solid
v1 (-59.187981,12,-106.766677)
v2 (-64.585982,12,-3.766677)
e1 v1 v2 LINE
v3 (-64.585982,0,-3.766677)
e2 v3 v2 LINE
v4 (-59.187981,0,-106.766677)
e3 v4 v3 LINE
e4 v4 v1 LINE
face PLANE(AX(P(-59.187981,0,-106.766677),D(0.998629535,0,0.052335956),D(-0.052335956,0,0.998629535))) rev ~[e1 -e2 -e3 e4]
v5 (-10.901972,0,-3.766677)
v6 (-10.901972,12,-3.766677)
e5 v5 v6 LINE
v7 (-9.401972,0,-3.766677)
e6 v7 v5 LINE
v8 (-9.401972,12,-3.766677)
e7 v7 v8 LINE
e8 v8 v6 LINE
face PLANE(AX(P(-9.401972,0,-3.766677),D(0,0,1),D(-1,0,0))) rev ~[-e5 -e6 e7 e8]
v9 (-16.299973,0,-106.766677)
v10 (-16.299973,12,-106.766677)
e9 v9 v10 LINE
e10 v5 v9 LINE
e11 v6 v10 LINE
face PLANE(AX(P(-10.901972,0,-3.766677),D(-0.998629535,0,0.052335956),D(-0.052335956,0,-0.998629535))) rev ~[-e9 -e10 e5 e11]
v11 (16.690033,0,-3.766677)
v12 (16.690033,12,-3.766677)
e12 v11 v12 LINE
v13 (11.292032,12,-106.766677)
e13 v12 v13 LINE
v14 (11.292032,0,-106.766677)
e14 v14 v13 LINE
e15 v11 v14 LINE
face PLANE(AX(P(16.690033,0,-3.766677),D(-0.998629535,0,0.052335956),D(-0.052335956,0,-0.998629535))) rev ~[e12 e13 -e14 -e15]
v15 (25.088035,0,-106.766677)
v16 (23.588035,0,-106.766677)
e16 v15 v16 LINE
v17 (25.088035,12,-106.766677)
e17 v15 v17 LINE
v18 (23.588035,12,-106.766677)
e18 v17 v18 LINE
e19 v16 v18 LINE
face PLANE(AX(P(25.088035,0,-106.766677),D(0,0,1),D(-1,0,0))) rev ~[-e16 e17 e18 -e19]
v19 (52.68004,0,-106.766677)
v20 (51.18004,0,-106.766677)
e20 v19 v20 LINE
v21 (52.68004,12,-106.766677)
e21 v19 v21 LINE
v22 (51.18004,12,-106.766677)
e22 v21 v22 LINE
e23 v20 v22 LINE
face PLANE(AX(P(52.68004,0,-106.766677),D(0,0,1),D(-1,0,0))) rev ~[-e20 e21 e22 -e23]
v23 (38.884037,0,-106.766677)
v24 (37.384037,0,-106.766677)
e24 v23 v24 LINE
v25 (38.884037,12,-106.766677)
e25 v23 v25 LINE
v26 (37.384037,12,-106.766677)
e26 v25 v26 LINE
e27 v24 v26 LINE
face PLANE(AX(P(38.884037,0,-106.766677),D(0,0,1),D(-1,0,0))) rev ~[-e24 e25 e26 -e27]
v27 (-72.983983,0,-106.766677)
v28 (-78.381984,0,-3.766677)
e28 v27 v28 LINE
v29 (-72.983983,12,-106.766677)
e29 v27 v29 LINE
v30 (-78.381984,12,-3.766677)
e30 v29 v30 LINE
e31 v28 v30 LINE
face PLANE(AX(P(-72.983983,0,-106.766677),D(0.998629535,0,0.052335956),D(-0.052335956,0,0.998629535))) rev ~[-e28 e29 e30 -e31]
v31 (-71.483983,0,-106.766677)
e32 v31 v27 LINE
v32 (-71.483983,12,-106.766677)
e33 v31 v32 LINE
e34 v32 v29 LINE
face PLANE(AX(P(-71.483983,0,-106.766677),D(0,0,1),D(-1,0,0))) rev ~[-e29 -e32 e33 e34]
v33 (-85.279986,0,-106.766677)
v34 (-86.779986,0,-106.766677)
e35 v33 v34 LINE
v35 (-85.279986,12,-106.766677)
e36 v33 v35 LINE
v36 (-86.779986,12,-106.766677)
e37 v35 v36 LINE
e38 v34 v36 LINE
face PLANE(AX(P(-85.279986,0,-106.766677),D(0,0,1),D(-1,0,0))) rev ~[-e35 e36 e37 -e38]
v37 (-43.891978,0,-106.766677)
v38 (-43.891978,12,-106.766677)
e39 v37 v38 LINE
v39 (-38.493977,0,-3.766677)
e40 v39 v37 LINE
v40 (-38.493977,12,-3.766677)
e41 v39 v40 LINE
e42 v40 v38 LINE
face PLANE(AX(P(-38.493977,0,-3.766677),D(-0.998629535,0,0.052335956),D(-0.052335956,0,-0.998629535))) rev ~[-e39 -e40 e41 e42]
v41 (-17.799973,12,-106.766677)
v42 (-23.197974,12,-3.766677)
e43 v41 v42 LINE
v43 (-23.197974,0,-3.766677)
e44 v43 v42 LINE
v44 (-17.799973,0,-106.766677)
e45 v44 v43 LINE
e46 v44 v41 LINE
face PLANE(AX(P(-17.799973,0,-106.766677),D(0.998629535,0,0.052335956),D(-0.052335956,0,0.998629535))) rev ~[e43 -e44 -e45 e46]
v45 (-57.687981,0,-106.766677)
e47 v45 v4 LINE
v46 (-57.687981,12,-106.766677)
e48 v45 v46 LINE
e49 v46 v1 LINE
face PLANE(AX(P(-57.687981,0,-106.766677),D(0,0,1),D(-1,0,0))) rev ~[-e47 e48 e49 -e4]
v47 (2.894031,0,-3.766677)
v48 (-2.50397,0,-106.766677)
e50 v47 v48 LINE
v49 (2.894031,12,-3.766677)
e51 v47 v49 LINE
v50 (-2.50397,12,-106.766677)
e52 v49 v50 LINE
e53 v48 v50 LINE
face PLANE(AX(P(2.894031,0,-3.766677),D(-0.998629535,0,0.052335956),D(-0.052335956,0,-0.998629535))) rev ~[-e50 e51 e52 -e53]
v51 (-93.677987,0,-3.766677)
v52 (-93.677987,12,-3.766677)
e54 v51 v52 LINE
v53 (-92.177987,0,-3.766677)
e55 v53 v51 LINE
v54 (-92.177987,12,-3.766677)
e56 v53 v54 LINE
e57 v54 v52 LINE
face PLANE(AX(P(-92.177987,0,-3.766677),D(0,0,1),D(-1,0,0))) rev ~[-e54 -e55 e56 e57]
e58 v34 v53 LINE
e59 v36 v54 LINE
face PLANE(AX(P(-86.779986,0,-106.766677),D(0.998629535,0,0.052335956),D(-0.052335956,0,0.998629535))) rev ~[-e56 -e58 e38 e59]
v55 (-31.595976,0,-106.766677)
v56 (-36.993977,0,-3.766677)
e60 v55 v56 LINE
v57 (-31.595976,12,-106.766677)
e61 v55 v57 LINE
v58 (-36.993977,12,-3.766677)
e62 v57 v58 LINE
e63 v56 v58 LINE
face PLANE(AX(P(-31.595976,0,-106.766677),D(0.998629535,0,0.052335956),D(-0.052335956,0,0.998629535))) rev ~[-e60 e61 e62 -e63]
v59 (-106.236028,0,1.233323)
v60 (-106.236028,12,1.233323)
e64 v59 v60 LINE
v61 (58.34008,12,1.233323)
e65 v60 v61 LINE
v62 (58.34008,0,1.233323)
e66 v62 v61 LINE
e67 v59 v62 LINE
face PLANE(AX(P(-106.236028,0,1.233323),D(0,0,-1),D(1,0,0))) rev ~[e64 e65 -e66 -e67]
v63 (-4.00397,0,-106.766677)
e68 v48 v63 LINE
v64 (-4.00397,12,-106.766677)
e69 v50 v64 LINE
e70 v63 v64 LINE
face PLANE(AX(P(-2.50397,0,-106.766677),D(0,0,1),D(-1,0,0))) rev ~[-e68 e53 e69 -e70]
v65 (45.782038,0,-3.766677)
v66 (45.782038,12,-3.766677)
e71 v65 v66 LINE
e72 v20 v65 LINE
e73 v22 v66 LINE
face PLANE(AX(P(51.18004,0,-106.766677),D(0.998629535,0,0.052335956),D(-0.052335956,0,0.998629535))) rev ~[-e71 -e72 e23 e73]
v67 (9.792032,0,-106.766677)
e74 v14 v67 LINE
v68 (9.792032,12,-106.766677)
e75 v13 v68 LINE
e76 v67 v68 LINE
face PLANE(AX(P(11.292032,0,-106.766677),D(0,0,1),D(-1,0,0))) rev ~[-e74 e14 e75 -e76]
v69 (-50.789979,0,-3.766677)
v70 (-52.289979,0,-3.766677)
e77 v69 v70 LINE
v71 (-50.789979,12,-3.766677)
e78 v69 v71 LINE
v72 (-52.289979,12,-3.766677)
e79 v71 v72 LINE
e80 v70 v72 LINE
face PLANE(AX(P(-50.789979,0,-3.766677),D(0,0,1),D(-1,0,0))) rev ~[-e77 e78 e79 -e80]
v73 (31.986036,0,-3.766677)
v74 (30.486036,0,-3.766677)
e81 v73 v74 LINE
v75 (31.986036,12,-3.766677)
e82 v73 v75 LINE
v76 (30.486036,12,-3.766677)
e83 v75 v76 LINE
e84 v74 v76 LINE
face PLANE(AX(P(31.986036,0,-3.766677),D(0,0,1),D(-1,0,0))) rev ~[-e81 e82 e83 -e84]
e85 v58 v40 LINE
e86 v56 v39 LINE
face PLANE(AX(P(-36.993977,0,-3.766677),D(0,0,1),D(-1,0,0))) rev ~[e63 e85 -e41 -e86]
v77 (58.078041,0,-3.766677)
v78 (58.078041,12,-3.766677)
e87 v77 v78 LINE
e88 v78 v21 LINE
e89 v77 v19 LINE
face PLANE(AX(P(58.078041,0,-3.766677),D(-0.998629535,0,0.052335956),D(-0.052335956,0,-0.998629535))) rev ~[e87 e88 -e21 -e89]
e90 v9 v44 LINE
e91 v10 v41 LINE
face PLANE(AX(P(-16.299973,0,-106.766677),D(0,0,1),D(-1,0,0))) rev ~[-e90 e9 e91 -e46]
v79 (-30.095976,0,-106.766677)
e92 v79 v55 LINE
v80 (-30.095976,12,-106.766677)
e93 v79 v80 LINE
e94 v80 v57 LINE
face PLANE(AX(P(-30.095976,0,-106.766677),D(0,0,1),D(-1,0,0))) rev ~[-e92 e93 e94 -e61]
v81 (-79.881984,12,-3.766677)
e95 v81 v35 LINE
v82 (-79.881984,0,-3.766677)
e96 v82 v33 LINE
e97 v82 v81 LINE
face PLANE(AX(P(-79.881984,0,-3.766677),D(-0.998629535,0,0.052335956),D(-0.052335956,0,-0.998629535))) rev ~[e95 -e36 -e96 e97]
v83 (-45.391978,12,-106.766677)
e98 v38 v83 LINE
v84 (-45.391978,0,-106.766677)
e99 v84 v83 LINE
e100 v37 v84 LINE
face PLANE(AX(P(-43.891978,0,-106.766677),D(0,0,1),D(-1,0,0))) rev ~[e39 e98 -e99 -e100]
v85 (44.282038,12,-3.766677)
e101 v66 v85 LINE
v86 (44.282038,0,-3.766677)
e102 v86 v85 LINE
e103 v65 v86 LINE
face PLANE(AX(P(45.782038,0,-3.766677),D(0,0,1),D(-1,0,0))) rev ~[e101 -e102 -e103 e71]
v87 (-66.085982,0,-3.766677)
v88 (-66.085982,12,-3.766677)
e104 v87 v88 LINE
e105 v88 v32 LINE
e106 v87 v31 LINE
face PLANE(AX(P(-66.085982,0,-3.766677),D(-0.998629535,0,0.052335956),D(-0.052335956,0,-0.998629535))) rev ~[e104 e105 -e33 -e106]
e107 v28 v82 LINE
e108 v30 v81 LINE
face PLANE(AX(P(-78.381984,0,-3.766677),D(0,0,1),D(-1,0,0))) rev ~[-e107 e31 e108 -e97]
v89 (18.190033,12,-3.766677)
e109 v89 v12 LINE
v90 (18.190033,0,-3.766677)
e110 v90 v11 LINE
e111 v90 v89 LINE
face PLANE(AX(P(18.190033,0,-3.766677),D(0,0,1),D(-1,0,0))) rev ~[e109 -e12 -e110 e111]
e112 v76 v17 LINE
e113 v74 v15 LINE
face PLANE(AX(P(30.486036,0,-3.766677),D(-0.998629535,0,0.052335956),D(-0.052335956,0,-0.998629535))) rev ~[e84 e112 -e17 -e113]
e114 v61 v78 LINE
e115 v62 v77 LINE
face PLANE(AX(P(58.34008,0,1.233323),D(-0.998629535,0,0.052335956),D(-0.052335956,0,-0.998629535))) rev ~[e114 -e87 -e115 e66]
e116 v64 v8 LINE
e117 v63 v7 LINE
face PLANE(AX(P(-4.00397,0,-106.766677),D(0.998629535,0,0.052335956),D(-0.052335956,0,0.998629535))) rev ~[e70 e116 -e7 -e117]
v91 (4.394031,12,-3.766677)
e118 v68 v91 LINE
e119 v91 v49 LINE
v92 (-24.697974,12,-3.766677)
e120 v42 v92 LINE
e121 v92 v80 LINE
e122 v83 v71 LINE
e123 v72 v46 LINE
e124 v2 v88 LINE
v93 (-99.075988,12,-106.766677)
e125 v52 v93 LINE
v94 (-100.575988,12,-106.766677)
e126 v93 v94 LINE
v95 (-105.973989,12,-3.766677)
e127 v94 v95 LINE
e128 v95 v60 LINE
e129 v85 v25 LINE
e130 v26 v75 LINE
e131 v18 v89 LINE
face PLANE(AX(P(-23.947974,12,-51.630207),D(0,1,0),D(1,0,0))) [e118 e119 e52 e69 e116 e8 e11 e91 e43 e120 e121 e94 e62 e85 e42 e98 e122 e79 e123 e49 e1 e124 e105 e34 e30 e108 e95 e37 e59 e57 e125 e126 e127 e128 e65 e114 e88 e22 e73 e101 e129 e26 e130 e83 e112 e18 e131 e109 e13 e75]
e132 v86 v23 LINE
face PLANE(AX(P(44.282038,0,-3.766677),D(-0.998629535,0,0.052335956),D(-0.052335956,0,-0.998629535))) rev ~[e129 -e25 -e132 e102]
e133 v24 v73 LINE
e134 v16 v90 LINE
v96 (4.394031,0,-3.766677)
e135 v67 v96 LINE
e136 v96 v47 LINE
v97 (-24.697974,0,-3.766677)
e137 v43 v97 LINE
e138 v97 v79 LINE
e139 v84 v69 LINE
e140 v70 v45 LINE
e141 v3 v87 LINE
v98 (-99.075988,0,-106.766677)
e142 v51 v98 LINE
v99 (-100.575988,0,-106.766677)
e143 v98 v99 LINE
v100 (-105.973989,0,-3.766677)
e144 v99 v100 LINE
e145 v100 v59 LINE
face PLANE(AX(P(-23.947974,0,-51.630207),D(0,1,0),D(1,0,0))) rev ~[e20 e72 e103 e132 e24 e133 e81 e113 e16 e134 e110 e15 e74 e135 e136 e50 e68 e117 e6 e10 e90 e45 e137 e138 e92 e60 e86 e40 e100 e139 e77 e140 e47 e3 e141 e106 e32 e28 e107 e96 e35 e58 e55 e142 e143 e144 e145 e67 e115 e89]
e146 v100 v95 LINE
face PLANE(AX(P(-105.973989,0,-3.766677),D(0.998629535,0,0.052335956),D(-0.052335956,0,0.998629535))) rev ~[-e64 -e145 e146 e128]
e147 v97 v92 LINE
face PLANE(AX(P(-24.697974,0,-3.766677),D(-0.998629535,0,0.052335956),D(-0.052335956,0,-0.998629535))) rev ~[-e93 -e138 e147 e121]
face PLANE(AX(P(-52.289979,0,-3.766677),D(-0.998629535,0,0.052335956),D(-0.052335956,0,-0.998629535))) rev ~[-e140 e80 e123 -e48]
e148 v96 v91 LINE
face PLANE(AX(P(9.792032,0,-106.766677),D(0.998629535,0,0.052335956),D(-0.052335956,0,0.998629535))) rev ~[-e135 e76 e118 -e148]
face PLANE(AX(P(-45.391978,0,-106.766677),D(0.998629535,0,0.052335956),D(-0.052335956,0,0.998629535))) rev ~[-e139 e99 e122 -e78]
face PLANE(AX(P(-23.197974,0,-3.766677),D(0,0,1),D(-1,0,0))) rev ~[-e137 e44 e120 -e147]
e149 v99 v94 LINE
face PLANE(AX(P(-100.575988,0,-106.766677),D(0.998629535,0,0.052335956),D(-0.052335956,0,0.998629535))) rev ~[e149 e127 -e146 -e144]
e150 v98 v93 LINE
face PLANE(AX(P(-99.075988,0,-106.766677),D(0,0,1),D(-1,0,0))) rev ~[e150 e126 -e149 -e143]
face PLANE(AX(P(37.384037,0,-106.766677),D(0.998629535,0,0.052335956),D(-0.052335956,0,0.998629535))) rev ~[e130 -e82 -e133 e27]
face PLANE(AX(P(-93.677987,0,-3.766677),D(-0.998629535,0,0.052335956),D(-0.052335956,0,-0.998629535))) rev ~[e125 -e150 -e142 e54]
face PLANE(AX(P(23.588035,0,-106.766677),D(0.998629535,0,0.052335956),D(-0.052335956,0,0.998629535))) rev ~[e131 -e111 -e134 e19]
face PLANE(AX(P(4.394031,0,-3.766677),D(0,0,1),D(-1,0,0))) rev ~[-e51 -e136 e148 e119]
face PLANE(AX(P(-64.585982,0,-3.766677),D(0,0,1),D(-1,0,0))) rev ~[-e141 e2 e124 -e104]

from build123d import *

# Parameters (mm, degrees)
BOSS_EXTRUDE1_DEPTH = 12


with BuildPart() as part:
    # Sketch1 → Boss-Extrude1 (new body)
    with BuildSketch(Plane(origin=(0, 0, 0), x_dir=(1, 0, 0), z_dir=(0, 1, 0))):
        Polygon((0.05286405, -1.233322687), (58.079634763, -1.233322687), (58.340079822, -1.233322687), (58.078040925, 3.766677313), (52.680039659, 106.766677313), (51.180039659, 106.766677313), (45.782038393, 3.766677313), (44.282038393, 3.766677313), (38.884037127, 106.766677313), (37.384037127, 106.766677313), (31.98603586, 3.766677313), (30.48603586, 3.766677313), (25.088034594, 106.766677313), (23.588034594, 106.766677313), (18.190033328, 3.766677313), (16.690033328, 3.766677313), (11.292032062, 106.766677313), (9.792032062, 106.766677313), (4.394030796, 3.766677313), (2.894030796, 3.766677313), (-2.50397047, 106.766677313), (-4.00397047, 106.766677313), (-9.401971736, 3.766677313), (-10.901971736, 3.766677313), (-16.299973003, 106.766677313), (-17.799973003, 106.766677313), (-23.197974269, 3.766677313), (-24.697974269, 3.766677313), (-30.095975535, 106.766677313), (-31.595975535, 106.766677313), (-36.993976801, 3.766677313), (-38.493976801, 3.766677313), (-43.891978067, 106.766677313), (-45.391978067, 106.766677313), (-50.789979333, 3.766677313), (-52.289979333, 3.766677313), (-57.6879806, 106.766677313), (-59.1879806, 106.766677313), (-64.585981866, 3.766677313), (-66.085981866, 3.766677313), (-71.483983132, 106.766677313), (-72.983983132, 106.766677313), (-78.381984398, 3.766677313), (-79.881984398, 3.766677313), (-85.279985664, 106.766677313), (-86.779985664, 106.766677313), (-92.17798693, 3.766677313), (-93.67798693, 3.766677313), (-99.075988196, 106.766677313), (-100.575988196, 106.766677313), (-105.973989463, 3.766677313), (-106.236028359, -1.233322687), align=None)
    extrude(amount=BOSS_EXTRUDE1_DEPTH)


solid = part.part
